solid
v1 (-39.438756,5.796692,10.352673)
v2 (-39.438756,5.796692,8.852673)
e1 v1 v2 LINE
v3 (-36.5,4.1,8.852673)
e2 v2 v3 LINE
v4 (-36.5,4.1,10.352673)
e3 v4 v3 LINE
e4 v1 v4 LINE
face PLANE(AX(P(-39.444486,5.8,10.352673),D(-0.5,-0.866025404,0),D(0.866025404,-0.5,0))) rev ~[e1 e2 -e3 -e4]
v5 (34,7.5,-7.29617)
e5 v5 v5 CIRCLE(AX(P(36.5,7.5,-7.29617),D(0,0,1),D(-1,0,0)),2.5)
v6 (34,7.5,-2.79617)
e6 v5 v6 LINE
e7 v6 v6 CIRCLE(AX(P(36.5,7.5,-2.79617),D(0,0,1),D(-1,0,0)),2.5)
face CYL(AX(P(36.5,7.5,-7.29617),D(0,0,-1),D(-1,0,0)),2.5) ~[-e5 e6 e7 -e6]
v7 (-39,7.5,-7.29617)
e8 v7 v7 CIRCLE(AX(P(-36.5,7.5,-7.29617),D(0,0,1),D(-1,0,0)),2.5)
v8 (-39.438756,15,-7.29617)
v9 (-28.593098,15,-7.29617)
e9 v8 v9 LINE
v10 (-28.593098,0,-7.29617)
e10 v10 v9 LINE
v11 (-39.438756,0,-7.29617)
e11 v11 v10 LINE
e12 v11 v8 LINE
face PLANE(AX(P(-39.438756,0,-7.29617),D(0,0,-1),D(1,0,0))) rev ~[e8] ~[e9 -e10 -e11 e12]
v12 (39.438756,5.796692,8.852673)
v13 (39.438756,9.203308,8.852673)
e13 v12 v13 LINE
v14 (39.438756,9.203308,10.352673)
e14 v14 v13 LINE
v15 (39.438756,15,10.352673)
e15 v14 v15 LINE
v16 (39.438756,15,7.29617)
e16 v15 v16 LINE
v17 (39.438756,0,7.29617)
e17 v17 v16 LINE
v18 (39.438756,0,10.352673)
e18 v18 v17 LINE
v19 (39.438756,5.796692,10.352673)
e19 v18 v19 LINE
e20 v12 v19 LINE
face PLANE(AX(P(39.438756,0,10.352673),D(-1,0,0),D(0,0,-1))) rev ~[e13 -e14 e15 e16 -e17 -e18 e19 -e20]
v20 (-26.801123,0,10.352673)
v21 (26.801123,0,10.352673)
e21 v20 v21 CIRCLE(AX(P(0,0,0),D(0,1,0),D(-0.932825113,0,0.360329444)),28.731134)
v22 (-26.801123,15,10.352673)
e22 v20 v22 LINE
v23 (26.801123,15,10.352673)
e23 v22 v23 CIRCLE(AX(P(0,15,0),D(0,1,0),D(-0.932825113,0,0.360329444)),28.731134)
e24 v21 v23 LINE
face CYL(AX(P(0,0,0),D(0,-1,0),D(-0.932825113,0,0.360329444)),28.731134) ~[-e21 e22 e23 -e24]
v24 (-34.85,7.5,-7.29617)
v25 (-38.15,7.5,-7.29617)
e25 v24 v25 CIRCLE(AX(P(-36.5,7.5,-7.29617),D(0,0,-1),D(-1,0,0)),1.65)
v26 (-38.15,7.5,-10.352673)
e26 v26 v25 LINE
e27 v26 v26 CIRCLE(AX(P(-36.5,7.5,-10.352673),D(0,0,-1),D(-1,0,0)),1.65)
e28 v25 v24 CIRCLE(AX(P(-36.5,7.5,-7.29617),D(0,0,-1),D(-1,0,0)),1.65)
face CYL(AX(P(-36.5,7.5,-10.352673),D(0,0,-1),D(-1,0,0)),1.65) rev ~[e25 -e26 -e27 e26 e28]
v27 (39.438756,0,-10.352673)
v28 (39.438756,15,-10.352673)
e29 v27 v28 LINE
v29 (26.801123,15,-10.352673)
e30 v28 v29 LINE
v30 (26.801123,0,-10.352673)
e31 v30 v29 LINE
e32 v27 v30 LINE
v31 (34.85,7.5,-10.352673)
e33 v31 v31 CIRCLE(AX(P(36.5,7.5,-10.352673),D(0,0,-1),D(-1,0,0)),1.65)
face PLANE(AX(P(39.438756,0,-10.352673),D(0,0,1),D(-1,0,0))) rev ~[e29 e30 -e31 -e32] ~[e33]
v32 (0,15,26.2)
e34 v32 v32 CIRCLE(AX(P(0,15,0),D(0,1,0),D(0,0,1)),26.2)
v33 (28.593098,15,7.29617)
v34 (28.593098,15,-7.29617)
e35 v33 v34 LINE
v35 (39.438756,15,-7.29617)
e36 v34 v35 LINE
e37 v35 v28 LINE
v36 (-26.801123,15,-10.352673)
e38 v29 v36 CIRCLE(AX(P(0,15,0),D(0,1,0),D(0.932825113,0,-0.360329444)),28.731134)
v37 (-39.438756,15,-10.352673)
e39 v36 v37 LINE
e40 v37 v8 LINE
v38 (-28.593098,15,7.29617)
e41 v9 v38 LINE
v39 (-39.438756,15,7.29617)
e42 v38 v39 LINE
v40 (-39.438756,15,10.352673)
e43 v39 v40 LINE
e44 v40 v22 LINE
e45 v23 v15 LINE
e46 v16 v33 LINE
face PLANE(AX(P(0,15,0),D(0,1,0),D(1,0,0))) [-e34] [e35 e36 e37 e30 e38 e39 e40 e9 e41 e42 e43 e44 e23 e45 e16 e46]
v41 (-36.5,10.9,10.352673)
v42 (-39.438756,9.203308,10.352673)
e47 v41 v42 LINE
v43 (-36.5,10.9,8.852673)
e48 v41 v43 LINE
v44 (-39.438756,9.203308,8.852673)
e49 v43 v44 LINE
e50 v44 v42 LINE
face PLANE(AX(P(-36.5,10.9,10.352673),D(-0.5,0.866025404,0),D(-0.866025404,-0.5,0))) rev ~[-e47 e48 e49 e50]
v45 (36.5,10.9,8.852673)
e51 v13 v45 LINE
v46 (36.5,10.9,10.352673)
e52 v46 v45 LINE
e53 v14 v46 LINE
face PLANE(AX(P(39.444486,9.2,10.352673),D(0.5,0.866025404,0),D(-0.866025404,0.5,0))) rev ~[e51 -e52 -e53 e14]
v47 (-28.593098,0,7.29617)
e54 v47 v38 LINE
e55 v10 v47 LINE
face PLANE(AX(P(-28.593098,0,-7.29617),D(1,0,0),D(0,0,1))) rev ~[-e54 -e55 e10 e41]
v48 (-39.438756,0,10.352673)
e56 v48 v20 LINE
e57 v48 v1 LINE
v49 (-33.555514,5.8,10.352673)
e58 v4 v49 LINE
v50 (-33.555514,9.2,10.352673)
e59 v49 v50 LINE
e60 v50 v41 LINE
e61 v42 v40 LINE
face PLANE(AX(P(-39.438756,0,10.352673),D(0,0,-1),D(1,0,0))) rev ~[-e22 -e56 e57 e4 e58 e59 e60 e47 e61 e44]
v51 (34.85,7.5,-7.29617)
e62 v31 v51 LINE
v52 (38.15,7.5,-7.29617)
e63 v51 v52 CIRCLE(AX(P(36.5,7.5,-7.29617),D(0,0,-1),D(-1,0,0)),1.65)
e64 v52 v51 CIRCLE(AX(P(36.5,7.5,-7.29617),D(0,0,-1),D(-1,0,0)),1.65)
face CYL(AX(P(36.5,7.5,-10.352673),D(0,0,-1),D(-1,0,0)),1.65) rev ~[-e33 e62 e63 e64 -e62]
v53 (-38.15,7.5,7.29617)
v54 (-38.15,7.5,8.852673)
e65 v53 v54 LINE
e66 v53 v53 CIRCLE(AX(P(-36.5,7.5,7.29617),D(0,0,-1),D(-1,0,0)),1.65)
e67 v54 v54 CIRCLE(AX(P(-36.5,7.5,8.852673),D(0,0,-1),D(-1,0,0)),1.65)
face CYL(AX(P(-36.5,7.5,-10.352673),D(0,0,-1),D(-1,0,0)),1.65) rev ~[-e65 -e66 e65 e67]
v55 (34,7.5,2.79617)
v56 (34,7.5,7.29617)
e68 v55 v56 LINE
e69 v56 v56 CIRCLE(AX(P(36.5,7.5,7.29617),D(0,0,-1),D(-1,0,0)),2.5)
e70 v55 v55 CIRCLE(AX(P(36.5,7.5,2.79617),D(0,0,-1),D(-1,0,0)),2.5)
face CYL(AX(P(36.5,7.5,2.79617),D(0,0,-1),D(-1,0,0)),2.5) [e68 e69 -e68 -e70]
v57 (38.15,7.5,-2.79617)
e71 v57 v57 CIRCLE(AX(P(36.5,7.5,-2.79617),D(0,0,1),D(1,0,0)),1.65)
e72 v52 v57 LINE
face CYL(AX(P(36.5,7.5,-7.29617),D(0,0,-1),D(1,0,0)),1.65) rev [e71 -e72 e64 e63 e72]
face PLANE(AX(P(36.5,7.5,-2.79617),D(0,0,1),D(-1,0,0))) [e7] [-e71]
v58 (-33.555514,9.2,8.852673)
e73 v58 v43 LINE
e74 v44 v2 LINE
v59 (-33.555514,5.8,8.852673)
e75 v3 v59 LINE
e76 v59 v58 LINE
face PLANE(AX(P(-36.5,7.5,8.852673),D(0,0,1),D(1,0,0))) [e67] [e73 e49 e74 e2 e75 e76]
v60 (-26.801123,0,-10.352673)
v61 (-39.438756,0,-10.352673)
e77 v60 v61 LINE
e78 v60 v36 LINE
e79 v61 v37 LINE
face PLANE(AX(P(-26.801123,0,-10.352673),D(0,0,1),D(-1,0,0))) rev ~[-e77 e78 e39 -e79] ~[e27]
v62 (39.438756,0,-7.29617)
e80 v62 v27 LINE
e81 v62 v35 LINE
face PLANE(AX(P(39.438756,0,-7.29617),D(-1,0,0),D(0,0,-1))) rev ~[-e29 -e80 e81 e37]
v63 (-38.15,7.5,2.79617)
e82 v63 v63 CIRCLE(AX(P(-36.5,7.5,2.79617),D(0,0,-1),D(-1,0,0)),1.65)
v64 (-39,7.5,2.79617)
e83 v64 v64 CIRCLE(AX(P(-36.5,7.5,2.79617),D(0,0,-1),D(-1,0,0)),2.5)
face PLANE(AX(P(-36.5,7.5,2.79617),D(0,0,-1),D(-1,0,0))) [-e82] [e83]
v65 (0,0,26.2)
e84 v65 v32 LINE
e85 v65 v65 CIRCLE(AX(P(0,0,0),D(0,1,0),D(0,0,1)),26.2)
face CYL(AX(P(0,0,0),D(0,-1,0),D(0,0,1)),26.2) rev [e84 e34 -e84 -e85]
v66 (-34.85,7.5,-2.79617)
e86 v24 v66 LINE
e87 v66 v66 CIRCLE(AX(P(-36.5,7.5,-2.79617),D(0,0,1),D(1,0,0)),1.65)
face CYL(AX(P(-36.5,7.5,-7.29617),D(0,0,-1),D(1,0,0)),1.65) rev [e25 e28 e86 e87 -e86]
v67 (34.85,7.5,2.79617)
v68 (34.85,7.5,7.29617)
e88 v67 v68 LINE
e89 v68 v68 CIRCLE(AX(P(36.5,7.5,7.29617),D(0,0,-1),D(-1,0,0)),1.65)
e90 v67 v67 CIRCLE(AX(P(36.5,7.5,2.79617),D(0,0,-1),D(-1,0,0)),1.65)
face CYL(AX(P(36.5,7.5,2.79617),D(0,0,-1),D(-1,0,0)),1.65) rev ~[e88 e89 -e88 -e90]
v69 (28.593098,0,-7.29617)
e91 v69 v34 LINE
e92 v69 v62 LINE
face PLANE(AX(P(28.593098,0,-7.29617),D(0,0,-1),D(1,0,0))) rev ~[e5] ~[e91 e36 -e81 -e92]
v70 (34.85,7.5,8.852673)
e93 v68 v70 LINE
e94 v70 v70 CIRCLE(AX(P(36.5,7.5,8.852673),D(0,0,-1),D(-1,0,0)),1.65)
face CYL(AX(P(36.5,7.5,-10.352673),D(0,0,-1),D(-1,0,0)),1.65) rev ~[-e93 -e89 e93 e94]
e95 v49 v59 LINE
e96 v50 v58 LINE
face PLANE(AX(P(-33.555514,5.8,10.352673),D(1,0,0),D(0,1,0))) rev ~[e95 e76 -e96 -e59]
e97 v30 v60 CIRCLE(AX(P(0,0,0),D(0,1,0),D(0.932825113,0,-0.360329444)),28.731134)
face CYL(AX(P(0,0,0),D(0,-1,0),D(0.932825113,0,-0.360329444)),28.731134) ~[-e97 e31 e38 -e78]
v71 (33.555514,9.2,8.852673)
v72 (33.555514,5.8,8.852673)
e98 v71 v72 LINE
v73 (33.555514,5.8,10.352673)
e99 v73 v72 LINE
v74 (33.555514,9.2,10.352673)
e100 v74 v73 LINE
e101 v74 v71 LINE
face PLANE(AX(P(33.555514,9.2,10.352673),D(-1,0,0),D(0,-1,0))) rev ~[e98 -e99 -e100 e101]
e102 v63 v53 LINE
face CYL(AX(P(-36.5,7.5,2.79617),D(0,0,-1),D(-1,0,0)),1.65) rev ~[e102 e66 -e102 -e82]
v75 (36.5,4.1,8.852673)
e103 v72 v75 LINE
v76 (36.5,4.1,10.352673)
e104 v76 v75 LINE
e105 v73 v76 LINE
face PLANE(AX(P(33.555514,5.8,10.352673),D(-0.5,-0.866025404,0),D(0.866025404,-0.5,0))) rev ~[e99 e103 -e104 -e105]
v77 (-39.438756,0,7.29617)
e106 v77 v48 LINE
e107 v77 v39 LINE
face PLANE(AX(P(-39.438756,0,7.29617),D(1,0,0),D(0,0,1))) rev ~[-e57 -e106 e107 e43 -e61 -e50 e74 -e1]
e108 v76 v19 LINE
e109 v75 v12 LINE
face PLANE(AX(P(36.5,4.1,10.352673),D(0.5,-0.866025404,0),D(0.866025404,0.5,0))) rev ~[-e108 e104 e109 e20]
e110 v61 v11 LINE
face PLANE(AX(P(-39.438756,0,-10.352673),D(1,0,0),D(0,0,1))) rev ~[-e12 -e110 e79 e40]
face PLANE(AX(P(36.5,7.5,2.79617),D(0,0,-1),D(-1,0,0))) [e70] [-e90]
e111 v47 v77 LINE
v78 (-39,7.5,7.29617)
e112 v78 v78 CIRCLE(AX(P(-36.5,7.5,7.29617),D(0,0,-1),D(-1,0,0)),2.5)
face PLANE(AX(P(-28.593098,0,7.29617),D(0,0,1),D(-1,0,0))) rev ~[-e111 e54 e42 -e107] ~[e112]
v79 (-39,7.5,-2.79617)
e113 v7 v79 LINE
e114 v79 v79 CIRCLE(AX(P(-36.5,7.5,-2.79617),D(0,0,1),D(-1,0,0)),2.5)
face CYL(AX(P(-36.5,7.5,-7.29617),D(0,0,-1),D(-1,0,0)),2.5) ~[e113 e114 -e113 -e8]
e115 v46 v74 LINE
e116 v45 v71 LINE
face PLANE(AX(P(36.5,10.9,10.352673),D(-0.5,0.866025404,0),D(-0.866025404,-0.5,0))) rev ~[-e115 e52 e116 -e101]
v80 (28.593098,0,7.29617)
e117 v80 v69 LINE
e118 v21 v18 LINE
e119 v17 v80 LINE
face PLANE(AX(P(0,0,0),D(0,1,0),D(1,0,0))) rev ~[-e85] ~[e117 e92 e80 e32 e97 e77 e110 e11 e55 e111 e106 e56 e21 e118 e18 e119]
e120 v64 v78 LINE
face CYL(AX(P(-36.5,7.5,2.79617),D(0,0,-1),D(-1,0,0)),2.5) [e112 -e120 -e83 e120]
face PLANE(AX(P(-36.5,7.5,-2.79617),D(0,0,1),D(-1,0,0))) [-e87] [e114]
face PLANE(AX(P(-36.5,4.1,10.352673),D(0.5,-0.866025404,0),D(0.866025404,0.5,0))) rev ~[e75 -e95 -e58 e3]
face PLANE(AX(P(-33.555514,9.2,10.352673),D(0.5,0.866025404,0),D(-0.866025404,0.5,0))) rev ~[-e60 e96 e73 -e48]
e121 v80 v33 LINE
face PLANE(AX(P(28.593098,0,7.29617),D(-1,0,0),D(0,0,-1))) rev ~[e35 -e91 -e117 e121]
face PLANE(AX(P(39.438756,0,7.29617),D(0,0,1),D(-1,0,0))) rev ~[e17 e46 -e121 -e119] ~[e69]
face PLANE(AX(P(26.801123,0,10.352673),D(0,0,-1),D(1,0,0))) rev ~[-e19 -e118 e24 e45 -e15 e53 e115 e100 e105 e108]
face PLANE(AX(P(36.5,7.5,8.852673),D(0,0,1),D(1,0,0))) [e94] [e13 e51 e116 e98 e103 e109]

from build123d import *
from build123d.topology import SkipClean

# Parameters (mm, degrees)
SKETCH_1_R          = 26.2
EXTRUDE_1_DEPTH     = 15
SKETCH_2_R          = 1.65
CUT_EXTRUDE_1_DEPTH = 23
CUT_EXTRUDE_2_DEPTH = 1.5
CUT_EXTRUDE_3_DEPTH = 1.5
SKETCH_5_R          = 2.5
SKETCH_5_R_2        = 1.65
EXTRUDE_2_DEPTH     = 4.5
EXTRUDE_START       = 4.5
SKETCH_6_R          = 2.5
SKETCH_6_R_2        = 1.65
EXTRUDE_3_DEPTH     = 4.5
SKETCH_7_R          = 2.5
SKETCH_7_R_2        = 1.65
EXTRUDE_4_DEPTH     = 4.5
SKETCH_8_R          = 2.5
SKETCH_8_R_2        = 1.65
EXTRUDE_5_DEPTH     = 4.5


with BuildPart() as part:
    # 草图1 → 凸台-拉伸1 (new body)
    with BuildSketch(Plane(origin=(0, 0, 0), x_dir=(1, 0, 0), z_dir=(0, 1, 0))):
        with BuildLine():
            Line((-39.438756162, 7.29616989), (-28.593098218, 7.29616989))
            Line((-28.593098218, 7.29616989), (-28.593098218, -7.29616989))
            Line((-28.593098218, -7.29616989), (-39.438756162, -7.29616989))
            Line((-39.438756162, -7.29616989), (-39.438756162, -10.352673493))
            Line((-39.438756162, -10.352673493), (-26.801123198, -10.352673493))
            ThreePointArc((-26.801123198, -10.352673493), (0, -28.731133864), (26.801123198, -10.352673493))
            Line((26.801123198, -10.352673493), (39.438756162, -10.352673493))
            Line((39.438756162, -10.352673493), (39.438756162, -7.29616989))
            Line((39.438756162, -7.29616989), (28.593098218, -7.29616989))
            Line((28.593098218, -7.29616989), (28.593098218, 7.29616989))
            Line((28.593098218, 7.29616989), (39.438756162, 7.29616989))
            Line((39.438756162, 7.29616989), (39.438756162, 10.352673493))
            Line((39.438756162, 10.352673493), (26.801123198, 10.352673493))
            ThreePointArc((26.801123198, 10.352673493), (0, 28.731133864), (-26.801123198, 10.352673493))
            Line((-26.801123198, 10.352673493), (-39.438756162, 10.352673493))
            Line((-39.438756162, 10.352673493), (-39.438756162, 7.29616989))
        make_face()
        with Locations(Location((0, 0, 0), (0, 0, 270))):
            Circle(SKETCH_1_R, mode=Mode.SUBTRACT)
    extrude(amount=EXTRUDE_1_DEPTH)

    # 草图2 → 切除-拉伸1 (cut)
    with BuildSketch(Plane(origin=(0, 0, -10.352673493), x_dir=(-1, 0, 0), z_dir=(0, 0, -1))):
        with Locations((36.5, 7.5)):
            Circle(SKETCH_2_R)
        with Locations((-36.5, 7.5)):
            Circle(SKETCH_2_R)
    extrude(amount=-CUT_EXTRUDE_1_DEPTH, mode=Mode.SUBTRACT)

    # 草图3 → 切除-拉伸2 (cut)
    with BuildSketch(Plane.XY.offset(10.352673493)):
        Polygon((-36.5, 4.1), (-33.555513627, 5.8), (-33.555513627, 9.2), (-36.5, 10.9), (-39.444486373, 9.2), (-39.444486373, 5.8), align=None)
    extrude(amount=-CUT_EXTRUDE_2_DEPTH, mode=Mode.SUBTRACT)

    # 草图4 → 切除-拉伸3 (cut)
    with BuildSketch(Plane.XY.offset(10.352673493)):
        Polygon((36.5, 4.1), (39.444486373, 5.8), (39.444486373, 9.2), (36.5, 10.9), (33.555513627, 9.2), (33.555513627, 5.8), align=None)
    extrude(amount=-CUT_EXTRUDE_3_DEPTH, mode=Mode.SUBTRACT)

    # 草图5 → 凸台-拉伸2 (add)
    with SkipClean():  # the faces are left unmerged after this step: merging them gives an invalid solid
        with BuildSketch(Plane.XY.offset(-7.29616989)):
            with Locations(Location((-36.5, 7.5, 0), (0, 0, 180))):
                Circle(SKETCH_5_R)
            with Locations((-36.5, 7.5)):
                Circle(SKETCH_5_R_2, mode=Mode.SUBTRACT)
        extrude(amount=EXTRUDE_2_DEPTH)

    # 草图6 → 凸台-拉伸3 (add)
    with SkipClean():  # the faces are left unmerged after this step: merging them gives an invalid solid
        with BuildSketch(Plane(origin=(0, 0, 7.29616989), x_dir=(-1, 0, 0), z_dir=(0, 0, -1)).offset(EXTRUDE_START)):
            with Locations((36.5, 7.5)):
                Circle(SKETCH_6_R)
            with Locations((36.5, 7.5)):
                Circle(SKETCH_6_R_2, mode=Mode.SUBTRACT)
        extrude(amount=-EXTRUDE_3_DEPTH)

    # 草图7 → 凸台-拉伸4 (add)
    with SkipClean():  # the faces are left unmerged after this step: merging them gives an invalid solid
        with BuildSketch(Plane.XY.offset(-7.29616989)):
            with Locations(Location((36.5, 7.5, 0), (0, 0, 180))):
                Circle(SKETCH_7_R)
            with Locations((36.5, 7.5)):
                Circle(SKETCH_7_R_2, mode=Mode.SUBTRACT)
        extrude(amount=EXTRUDE_4_DEPTH)

    # 草图8 → 凸台-拉伸5 (add)
    with SkipClean():  # the faces are left unmerged after this step: merging them gives an invalid solid
        with BuildSketch(Plane(origin=(0, 0, 7.29616989), x_dir=(-1, 0, 0), z_dir=(0, 0, -1)).offset(EXTRUDE_START)):
            with Locations((-36.5, 7.5)):
                Circle(SKETCH_8_R)
            with Locations((-36.5, 7.5)):
                Circle(SKETCH_8_R_2, mode=Mode.SUBTRACT)
        extrude(amount=-EXTRUDE_5_DEPTH)


solid = part.part
